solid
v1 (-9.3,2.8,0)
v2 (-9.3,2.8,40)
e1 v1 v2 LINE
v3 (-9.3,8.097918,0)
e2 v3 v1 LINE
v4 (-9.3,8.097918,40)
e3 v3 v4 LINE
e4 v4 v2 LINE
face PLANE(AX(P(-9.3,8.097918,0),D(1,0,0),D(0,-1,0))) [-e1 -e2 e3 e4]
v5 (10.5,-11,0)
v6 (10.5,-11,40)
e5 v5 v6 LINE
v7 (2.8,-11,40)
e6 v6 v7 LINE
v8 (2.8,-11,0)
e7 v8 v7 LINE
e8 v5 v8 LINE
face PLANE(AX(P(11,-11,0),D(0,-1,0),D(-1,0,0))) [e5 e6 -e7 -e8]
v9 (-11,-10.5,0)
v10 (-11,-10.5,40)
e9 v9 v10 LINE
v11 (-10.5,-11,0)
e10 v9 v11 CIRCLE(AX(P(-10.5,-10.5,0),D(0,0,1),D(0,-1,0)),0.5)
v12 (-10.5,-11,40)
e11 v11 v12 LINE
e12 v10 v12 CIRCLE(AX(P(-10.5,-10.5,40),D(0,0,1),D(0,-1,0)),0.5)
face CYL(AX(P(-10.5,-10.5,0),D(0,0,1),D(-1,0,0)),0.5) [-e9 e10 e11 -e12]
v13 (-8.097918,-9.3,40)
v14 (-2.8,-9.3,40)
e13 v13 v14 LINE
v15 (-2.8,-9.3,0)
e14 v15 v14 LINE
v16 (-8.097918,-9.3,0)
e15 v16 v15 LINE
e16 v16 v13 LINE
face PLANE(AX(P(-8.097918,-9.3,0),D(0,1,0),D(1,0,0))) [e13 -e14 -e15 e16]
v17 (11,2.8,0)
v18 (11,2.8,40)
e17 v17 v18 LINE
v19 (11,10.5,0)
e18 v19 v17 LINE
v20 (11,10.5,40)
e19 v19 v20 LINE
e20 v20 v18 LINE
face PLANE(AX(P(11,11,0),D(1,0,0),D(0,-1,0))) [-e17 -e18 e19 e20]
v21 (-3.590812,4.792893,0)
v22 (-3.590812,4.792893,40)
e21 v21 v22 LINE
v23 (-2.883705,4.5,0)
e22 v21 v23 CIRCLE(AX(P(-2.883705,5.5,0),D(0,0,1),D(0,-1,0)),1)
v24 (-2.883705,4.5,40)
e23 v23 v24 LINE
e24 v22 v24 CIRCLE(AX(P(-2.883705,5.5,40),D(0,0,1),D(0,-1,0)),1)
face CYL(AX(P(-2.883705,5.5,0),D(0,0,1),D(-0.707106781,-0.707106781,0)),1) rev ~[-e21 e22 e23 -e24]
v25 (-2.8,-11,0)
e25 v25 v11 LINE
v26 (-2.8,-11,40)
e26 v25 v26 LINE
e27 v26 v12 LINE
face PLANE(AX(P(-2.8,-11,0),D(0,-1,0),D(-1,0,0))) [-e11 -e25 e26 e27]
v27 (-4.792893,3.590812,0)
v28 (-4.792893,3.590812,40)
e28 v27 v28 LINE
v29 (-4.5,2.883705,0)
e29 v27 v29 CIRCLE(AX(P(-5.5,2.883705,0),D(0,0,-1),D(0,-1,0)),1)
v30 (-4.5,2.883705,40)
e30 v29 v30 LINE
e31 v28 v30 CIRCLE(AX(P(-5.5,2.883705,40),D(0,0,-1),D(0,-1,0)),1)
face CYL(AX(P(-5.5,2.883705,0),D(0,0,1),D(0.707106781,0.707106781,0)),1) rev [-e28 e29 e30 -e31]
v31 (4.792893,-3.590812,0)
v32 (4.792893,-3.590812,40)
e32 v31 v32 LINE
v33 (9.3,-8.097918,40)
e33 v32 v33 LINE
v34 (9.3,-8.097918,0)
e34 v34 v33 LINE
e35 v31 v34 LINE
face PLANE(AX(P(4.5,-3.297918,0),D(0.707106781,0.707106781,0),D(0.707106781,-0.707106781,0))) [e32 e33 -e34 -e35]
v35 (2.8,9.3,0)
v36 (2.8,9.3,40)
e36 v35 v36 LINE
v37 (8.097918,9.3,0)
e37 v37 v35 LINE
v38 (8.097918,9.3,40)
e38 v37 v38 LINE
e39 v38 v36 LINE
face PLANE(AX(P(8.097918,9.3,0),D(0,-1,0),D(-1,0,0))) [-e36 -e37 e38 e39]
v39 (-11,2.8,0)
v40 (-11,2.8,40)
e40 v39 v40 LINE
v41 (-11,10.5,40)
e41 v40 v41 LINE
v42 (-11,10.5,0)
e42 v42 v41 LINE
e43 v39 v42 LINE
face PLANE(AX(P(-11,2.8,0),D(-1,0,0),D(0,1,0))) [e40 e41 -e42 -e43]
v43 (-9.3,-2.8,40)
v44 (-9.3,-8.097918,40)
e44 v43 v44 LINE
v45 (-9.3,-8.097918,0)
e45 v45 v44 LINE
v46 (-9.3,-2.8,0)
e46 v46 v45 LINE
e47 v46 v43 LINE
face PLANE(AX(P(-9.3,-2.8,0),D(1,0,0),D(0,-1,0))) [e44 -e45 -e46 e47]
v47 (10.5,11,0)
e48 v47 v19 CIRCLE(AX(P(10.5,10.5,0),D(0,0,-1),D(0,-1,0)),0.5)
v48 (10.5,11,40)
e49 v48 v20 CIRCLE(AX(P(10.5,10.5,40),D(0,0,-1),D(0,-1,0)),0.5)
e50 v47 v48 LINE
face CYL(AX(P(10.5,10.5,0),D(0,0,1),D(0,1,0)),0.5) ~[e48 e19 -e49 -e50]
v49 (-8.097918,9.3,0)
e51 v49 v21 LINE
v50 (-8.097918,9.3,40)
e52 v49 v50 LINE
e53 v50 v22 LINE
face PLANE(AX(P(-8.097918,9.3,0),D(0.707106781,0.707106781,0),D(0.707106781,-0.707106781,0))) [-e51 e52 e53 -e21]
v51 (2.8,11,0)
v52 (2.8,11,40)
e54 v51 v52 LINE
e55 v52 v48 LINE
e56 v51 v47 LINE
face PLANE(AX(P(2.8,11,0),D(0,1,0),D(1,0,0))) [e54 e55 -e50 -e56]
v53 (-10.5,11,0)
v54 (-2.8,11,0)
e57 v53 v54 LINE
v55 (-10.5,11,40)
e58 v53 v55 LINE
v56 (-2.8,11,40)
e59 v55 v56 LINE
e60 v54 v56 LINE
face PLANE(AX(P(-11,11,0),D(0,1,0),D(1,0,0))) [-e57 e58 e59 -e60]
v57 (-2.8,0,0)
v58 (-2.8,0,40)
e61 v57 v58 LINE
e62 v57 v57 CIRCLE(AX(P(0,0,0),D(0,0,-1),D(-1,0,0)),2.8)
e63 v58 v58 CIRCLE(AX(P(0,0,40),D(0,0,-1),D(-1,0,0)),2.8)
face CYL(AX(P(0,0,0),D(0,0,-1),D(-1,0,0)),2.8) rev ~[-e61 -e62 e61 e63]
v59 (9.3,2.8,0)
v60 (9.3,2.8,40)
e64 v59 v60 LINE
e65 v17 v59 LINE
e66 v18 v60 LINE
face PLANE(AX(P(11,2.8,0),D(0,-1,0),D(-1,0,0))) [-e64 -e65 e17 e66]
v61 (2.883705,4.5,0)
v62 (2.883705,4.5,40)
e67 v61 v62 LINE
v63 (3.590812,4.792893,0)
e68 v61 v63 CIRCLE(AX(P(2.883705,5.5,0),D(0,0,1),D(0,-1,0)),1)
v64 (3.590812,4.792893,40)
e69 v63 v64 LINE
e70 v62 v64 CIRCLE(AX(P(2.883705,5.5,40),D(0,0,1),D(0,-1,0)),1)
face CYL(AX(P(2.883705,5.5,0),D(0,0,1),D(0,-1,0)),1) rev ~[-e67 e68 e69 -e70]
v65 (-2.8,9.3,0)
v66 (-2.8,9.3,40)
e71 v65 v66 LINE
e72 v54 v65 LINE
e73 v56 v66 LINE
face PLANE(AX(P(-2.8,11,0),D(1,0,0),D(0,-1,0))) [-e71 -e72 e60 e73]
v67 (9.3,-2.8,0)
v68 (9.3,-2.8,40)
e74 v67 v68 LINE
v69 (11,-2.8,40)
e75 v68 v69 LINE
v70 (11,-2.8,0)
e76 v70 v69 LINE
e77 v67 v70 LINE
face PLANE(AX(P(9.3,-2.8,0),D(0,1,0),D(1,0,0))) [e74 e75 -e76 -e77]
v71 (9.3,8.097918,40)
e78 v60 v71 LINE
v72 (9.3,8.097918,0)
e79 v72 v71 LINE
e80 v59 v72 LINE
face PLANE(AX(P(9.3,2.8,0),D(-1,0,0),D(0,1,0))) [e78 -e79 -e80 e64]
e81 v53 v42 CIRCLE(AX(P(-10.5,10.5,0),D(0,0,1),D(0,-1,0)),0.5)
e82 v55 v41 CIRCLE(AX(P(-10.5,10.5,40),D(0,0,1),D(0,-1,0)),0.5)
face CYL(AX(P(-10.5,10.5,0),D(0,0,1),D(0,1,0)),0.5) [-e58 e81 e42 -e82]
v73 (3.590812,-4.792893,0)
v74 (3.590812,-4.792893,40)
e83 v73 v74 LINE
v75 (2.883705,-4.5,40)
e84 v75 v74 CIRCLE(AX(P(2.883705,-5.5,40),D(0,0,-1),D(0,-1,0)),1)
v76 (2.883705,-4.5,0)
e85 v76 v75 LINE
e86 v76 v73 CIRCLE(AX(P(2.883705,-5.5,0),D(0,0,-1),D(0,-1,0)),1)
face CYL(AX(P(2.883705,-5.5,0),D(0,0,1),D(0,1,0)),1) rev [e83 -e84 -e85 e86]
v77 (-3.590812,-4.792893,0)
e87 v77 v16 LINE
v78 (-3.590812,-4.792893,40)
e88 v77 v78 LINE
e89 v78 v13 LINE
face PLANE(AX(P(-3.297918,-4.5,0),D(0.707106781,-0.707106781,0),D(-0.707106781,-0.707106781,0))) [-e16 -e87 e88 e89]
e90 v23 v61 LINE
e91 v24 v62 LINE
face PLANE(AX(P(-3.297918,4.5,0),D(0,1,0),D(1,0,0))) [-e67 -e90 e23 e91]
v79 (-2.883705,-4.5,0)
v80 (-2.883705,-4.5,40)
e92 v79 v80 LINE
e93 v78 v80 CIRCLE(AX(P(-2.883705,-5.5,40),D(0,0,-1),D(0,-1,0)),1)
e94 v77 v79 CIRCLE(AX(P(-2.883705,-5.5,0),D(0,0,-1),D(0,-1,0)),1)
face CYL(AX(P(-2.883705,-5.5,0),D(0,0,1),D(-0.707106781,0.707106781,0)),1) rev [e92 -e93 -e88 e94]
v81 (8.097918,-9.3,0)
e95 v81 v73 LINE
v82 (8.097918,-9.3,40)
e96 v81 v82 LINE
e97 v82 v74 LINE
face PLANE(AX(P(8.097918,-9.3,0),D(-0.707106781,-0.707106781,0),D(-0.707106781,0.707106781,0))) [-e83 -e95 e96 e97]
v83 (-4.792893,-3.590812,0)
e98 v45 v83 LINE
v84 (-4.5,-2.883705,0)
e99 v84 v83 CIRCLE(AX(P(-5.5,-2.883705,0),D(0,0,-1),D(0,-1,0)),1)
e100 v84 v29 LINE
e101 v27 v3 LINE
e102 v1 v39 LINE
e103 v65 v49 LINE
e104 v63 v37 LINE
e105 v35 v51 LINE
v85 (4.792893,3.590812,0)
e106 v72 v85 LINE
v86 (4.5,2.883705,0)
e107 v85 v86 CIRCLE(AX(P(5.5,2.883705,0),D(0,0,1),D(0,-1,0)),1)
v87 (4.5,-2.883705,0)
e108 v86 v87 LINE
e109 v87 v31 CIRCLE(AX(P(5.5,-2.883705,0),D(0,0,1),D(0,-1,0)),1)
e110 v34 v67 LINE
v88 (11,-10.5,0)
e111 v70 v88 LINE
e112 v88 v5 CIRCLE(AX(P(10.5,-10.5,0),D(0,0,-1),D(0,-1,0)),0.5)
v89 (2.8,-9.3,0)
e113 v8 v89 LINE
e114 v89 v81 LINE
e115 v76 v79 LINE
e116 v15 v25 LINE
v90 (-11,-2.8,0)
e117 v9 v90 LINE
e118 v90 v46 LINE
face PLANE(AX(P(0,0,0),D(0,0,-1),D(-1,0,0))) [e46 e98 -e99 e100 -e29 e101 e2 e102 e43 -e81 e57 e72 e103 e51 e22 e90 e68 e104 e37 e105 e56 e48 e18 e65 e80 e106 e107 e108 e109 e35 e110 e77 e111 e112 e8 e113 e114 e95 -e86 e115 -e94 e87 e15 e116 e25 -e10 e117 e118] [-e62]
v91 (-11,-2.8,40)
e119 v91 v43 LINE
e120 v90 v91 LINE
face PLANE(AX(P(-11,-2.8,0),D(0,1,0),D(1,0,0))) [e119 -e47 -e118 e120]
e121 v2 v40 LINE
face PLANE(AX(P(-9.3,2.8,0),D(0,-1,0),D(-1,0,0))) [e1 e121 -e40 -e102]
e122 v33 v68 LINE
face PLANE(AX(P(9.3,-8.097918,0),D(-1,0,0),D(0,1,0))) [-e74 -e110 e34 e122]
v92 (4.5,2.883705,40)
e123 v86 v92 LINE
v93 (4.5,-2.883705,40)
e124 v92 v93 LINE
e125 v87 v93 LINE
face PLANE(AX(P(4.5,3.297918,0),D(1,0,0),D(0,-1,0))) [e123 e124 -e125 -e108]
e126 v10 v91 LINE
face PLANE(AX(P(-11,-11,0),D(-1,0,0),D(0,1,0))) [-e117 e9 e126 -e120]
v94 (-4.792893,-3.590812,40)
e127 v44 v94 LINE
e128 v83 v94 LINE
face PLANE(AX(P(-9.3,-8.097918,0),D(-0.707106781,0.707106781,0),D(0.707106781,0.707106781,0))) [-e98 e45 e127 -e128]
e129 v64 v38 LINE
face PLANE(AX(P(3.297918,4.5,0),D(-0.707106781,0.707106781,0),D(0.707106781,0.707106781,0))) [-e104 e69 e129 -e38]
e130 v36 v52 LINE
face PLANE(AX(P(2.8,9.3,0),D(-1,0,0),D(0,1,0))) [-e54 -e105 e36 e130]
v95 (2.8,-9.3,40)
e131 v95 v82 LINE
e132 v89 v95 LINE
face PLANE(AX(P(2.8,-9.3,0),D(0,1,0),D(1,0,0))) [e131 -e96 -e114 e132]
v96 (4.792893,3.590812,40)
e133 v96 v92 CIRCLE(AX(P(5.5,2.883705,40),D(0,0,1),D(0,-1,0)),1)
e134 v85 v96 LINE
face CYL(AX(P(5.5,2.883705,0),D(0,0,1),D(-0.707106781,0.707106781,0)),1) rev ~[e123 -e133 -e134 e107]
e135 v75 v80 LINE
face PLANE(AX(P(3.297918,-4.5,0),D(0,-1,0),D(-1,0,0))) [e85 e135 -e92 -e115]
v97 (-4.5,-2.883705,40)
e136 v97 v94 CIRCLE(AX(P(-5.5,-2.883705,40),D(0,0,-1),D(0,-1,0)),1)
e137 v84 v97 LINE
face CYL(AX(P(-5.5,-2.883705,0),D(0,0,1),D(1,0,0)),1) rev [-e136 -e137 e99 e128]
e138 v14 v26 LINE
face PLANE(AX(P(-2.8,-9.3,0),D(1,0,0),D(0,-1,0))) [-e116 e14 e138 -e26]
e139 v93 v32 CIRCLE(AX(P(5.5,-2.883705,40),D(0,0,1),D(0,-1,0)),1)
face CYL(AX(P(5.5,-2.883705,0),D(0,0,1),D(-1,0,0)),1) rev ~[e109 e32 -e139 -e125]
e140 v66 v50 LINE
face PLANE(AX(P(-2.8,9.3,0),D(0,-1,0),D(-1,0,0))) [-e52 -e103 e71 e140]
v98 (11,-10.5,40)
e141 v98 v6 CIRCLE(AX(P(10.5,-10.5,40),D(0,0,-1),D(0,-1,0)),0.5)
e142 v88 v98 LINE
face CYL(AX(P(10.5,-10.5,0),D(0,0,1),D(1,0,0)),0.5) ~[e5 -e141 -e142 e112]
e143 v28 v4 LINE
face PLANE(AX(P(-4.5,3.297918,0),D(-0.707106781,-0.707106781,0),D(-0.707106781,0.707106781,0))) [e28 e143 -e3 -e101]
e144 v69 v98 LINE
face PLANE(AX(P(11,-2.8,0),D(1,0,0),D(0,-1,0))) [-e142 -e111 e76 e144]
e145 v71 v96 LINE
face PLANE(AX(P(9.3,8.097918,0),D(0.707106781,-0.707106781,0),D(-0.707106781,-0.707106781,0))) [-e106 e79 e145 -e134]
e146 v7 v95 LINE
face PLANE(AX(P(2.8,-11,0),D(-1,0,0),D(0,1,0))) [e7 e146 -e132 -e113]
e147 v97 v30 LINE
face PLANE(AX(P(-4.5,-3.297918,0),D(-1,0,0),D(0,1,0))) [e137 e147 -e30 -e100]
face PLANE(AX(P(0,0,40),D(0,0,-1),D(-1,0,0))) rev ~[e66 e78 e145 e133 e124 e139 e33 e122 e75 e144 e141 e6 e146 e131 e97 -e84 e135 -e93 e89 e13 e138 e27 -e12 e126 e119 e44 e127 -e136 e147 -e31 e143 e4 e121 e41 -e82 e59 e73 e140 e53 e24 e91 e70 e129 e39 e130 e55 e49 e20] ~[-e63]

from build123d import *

# Parameters (mm, degrees)
EXTRUSION1_DEPTH        = 40
ESQUISSE2_R             = 2.8
ENL_V_MAT_EXTRU_1_DEPTH = 41
CONG_1_R                = 0.5
CONG_2_R                = 1


with BuildPart() as part:
    # Esquisse1 → Extrusion1 (new body)
    with BuildSketch(Plane.XY):
        Polygon((-2.8, 11), (-2.8, 9.3), (-8.097918472, 9.3), (-3.297918472, 4.5), (3.297918472, 4.5), (8.097918472, 9.3), (2.8, 9.3), (2.8, 11), (11, 11), (11, 2.8), (9.3, 2.8), (9.3, 8.097918472), (4.5, 3.297918472), (4.5, -3.297918472), (9.3, -8.097918472), (9.3, -2.8), (11, -2.8), (11, -11), (2.8, -11), (2.8, -9.3), (8.097918472, -9.3), (3.297918472, -4.5), (-3.297918472, -4.5), (-8.097918472, -9.3), (-2.8, -9.3), (-2.8, -11), (-11, -11), (-11, -2.8), (-9.3, -2.8), (-9.3, -8.097918472), (-4.5, -3.297918472), (-4.5, 3.297918472), (-9.3, 8.097918472), (-9.3, 2.8), (-11, 2.8), (-11, 11), align=None)
    extrude(amount=EXTRUSION1_DEPTH)

    # Esquisse2 → Enlèv. mat.-Extru.1 (cut, through all)
    with BuildSketch(Plane(origin=(0, 0, 0), x_dir=(-1, 0, 0), z_dir=(0, 0, -1))):
        Circle(ESQUISSE2_R)
    extrude(amount=-ENL_V_MAT_EXTRU_1_DEPTH, mode=Mode.SUBTRACT)

    # Congé1
    cong_1_edges = [part.edges().sort_by_distance(p)[0] for p in [
        (-11, 11, 20),
        (11, 11, 20),
        (11, -11, 20),
        (-11, -11, 20),
    ]]
    fillet(cong_1_edges, radius=CONG_1_R)

    # Congé2
    cong_2_edges = [part.edges().sort_by_distance(p)[0] for p in [
        (-4.5, -3.297918472, 20),
        (-4.5, 3.297918472, 20),
        (-3.297918472, 4.5, 20),
        (3.297918472, 4.5, 20),
        (4.5, 3.297918472, 20),
        (4.5, -3.297918472, 20),
        (3.297918472, -4.5, 20),
        (-3.297918472, -4.5, 20),
    ]]
    fillet(cong_2_edges, radius=CONG_2_R)


solid = part.part
